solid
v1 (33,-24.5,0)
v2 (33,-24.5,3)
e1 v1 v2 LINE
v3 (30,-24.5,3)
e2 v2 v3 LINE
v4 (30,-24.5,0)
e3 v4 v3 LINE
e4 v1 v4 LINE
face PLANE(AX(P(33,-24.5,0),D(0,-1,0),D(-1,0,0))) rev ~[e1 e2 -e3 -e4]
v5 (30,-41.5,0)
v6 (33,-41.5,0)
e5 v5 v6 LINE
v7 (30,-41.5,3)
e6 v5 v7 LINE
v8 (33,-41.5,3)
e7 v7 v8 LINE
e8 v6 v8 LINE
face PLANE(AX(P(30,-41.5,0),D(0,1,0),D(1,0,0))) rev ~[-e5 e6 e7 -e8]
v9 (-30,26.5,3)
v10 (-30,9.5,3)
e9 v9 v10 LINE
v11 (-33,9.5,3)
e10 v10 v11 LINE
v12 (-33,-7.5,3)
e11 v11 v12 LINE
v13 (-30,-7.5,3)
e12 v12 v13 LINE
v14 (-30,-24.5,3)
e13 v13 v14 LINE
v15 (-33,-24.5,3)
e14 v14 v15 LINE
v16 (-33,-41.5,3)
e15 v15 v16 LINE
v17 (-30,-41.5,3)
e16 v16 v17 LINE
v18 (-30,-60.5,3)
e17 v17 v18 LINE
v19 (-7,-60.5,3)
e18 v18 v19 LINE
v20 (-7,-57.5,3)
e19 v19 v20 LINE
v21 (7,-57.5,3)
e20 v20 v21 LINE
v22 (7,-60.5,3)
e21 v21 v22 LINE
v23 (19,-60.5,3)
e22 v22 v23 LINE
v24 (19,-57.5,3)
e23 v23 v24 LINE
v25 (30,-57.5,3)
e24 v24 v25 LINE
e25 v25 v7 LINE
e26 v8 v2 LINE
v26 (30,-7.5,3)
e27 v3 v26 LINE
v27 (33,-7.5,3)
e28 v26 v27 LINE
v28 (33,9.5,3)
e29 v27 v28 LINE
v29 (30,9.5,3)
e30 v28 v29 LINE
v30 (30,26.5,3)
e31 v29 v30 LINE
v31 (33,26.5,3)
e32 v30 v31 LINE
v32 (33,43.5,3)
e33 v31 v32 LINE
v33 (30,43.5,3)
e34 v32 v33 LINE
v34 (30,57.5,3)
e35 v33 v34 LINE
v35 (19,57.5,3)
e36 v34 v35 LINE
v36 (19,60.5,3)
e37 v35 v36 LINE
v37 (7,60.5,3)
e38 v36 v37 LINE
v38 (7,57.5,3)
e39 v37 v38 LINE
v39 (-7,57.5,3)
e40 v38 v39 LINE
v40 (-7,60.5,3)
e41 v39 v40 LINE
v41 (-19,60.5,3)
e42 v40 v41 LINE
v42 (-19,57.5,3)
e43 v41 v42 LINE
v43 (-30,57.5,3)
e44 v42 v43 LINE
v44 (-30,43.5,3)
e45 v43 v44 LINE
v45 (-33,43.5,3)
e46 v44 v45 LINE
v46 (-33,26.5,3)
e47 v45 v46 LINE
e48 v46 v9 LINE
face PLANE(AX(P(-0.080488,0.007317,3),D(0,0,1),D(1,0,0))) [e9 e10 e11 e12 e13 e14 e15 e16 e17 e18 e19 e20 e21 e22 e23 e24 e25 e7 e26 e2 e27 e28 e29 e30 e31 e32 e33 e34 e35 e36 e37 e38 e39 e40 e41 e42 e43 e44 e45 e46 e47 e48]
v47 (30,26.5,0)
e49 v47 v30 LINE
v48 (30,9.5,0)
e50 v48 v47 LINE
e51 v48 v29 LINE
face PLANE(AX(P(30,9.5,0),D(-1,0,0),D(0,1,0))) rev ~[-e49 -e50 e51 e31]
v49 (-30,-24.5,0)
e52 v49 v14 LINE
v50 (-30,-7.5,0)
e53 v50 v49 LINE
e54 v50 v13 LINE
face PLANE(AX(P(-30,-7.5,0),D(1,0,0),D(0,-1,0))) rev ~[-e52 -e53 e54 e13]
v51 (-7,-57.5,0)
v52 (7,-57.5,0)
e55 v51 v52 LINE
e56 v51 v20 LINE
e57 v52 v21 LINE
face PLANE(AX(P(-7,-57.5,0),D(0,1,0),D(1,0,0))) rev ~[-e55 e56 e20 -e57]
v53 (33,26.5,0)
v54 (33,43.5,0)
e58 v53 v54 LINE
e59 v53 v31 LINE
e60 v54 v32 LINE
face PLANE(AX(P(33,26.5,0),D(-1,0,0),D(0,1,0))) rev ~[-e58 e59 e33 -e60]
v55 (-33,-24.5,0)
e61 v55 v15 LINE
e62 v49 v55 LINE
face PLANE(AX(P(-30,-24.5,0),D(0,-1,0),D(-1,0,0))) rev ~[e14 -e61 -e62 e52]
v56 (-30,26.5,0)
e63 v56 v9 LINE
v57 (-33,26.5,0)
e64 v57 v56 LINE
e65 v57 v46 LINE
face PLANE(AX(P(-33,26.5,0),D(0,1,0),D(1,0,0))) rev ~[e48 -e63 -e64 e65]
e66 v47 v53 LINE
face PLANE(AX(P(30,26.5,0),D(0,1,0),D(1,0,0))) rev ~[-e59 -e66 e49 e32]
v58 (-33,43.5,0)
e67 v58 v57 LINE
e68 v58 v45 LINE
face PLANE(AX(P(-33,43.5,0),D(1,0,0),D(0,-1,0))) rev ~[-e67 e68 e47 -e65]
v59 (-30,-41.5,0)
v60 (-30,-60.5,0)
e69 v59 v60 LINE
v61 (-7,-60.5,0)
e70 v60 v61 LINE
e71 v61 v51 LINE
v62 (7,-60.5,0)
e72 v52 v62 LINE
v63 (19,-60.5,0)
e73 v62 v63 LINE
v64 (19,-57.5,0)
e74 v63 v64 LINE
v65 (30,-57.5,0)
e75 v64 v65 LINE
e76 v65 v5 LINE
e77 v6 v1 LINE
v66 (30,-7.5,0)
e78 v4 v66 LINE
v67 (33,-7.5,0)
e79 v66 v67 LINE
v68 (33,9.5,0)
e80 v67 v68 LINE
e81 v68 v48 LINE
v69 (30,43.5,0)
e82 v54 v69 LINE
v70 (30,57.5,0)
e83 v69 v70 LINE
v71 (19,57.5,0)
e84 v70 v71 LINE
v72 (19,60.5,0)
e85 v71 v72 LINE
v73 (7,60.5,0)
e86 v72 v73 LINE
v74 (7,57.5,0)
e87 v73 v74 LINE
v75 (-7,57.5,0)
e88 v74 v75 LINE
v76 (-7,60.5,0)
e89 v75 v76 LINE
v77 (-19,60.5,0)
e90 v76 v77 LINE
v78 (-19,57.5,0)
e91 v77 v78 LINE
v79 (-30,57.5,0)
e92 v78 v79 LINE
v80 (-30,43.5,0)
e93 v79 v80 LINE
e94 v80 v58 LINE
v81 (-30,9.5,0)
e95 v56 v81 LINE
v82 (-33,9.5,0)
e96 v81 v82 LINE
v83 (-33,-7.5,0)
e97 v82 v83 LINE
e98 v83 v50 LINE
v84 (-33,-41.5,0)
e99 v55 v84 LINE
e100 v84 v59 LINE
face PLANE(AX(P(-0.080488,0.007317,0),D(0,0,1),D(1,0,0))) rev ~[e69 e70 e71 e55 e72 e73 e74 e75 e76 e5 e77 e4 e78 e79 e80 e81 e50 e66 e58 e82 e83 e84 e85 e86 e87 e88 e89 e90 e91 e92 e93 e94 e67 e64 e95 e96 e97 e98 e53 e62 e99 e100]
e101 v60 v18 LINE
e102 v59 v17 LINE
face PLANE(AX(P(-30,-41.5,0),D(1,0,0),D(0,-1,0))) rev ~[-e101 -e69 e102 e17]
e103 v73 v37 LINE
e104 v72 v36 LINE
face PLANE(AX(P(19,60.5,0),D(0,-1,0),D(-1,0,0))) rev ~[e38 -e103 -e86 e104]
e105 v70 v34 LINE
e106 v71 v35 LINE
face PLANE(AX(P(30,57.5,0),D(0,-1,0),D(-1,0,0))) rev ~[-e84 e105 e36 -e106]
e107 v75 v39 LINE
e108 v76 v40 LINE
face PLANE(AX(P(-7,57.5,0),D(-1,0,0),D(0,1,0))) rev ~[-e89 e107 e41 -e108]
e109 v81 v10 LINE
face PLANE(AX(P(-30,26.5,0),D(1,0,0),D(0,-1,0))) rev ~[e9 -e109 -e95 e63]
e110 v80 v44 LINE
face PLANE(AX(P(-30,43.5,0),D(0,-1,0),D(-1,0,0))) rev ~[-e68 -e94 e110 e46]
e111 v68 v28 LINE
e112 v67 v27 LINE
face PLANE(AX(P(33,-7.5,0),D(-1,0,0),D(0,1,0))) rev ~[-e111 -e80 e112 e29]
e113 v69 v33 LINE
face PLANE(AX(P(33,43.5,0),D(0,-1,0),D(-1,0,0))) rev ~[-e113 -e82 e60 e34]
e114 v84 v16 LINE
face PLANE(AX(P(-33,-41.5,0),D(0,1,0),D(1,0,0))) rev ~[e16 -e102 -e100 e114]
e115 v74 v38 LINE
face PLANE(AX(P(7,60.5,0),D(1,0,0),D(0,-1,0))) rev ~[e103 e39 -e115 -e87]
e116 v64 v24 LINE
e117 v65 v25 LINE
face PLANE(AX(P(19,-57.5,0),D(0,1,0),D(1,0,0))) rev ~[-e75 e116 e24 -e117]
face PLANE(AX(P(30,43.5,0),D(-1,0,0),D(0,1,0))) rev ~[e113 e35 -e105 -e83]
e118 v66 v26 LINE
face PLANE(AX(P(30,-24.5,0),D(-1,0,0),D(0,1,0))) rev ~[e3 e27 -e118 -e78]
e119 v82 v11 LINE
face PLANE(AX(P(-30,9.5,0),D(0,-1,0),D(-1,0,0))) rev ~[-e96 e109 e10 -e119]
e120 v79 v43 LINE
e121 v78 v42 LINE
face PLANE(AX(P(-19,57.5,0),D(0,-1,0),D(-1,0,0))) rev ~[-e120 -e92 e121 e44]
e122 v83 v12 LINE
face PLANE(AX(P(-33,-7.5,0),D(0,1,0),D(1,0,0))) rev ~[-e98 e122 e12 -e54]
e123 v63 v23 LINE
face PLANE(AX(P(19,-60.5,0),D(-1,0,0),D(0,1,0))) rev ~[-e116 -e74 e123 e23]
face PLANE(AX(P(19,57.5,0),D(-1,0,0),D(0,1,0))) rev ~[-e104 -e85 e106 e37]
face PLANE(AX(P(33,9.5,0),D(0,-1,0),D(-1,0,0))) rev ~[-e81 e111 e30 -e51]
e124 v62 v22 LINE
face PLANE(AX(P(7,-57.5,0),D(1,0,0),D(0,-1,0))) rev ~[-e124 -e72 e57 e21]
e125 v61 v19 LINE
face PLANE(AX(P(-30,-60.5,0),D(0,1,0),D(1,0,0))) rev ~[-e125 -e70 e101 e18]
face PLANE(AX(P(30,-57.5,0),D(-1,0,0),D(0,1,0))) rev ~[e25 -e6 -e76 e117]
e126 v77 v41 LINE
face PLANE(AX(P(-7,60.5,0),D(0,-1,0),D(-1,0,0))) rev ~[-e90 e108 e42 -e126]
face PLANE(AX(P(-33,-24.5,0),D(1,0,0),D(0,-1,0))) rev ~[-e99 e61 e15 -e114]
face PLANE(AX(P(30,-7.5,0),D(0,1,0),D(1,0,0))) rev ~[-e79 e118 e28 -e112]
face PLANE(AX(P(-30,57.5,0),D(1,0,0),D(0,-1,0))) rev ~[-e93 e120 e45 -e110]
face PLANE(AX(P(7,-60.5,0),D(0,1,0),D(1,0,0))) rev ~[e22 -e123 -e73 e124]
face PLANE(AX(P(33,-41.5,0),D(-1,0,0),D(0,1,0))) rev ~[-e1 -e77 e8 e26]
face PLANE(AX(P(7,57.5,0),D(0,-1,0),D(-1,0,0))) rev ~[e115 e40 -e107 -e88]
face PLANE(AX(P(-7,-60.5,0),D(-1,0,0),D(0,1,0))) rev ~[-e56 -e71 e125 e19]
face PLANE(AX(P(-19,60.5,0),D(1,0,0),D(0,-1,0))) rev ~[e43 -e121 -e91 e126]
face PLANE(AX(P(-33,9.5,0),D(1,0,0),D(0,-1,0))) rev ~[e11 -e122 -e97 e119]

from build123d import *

# Parameters (mm, degrees)
F1_DEPTH = 3


with BuildPart() as f1:
    # F0 (on Top) → F1 (new body)
    with BuildSketch(Plane.XY):
        Polygon((-19, 57.5), (-30, 57.5), (-30, 43.5), (-33, 43.5), (-33, 26.5), (-30, 26.5), (-30, 9.5), (-33, 9.5), (-33, -7.5), (-30, -7.5), (-30, -24.5), (-33, -24.5), (-33, -41.5), (-30, -41.5), (-30, -60.5), (-7, -60.5), (-7, -57.5), (7, -57.5), (7, -60.5), (19, -60.5), (19, -57.5), (30, -57.5), (30, -41.5), (33, -41.5), (33, -24.5), (30, -24.5), (30, -7.5), (33, -7.5), (33, 9.5), (30, 9.5), (30, 26.5), (33, 26.5), (33, 43.5), (30, 43.5), (30, 57.5), (19, 57.5), (19, 60.5), (7, 60.5), (7, 57.5), (-7, 57.5), (-7, 60.5), (-19, 60.5), align=None)
    extrude(amount=F1_DEPTH)


solid = f1.part
